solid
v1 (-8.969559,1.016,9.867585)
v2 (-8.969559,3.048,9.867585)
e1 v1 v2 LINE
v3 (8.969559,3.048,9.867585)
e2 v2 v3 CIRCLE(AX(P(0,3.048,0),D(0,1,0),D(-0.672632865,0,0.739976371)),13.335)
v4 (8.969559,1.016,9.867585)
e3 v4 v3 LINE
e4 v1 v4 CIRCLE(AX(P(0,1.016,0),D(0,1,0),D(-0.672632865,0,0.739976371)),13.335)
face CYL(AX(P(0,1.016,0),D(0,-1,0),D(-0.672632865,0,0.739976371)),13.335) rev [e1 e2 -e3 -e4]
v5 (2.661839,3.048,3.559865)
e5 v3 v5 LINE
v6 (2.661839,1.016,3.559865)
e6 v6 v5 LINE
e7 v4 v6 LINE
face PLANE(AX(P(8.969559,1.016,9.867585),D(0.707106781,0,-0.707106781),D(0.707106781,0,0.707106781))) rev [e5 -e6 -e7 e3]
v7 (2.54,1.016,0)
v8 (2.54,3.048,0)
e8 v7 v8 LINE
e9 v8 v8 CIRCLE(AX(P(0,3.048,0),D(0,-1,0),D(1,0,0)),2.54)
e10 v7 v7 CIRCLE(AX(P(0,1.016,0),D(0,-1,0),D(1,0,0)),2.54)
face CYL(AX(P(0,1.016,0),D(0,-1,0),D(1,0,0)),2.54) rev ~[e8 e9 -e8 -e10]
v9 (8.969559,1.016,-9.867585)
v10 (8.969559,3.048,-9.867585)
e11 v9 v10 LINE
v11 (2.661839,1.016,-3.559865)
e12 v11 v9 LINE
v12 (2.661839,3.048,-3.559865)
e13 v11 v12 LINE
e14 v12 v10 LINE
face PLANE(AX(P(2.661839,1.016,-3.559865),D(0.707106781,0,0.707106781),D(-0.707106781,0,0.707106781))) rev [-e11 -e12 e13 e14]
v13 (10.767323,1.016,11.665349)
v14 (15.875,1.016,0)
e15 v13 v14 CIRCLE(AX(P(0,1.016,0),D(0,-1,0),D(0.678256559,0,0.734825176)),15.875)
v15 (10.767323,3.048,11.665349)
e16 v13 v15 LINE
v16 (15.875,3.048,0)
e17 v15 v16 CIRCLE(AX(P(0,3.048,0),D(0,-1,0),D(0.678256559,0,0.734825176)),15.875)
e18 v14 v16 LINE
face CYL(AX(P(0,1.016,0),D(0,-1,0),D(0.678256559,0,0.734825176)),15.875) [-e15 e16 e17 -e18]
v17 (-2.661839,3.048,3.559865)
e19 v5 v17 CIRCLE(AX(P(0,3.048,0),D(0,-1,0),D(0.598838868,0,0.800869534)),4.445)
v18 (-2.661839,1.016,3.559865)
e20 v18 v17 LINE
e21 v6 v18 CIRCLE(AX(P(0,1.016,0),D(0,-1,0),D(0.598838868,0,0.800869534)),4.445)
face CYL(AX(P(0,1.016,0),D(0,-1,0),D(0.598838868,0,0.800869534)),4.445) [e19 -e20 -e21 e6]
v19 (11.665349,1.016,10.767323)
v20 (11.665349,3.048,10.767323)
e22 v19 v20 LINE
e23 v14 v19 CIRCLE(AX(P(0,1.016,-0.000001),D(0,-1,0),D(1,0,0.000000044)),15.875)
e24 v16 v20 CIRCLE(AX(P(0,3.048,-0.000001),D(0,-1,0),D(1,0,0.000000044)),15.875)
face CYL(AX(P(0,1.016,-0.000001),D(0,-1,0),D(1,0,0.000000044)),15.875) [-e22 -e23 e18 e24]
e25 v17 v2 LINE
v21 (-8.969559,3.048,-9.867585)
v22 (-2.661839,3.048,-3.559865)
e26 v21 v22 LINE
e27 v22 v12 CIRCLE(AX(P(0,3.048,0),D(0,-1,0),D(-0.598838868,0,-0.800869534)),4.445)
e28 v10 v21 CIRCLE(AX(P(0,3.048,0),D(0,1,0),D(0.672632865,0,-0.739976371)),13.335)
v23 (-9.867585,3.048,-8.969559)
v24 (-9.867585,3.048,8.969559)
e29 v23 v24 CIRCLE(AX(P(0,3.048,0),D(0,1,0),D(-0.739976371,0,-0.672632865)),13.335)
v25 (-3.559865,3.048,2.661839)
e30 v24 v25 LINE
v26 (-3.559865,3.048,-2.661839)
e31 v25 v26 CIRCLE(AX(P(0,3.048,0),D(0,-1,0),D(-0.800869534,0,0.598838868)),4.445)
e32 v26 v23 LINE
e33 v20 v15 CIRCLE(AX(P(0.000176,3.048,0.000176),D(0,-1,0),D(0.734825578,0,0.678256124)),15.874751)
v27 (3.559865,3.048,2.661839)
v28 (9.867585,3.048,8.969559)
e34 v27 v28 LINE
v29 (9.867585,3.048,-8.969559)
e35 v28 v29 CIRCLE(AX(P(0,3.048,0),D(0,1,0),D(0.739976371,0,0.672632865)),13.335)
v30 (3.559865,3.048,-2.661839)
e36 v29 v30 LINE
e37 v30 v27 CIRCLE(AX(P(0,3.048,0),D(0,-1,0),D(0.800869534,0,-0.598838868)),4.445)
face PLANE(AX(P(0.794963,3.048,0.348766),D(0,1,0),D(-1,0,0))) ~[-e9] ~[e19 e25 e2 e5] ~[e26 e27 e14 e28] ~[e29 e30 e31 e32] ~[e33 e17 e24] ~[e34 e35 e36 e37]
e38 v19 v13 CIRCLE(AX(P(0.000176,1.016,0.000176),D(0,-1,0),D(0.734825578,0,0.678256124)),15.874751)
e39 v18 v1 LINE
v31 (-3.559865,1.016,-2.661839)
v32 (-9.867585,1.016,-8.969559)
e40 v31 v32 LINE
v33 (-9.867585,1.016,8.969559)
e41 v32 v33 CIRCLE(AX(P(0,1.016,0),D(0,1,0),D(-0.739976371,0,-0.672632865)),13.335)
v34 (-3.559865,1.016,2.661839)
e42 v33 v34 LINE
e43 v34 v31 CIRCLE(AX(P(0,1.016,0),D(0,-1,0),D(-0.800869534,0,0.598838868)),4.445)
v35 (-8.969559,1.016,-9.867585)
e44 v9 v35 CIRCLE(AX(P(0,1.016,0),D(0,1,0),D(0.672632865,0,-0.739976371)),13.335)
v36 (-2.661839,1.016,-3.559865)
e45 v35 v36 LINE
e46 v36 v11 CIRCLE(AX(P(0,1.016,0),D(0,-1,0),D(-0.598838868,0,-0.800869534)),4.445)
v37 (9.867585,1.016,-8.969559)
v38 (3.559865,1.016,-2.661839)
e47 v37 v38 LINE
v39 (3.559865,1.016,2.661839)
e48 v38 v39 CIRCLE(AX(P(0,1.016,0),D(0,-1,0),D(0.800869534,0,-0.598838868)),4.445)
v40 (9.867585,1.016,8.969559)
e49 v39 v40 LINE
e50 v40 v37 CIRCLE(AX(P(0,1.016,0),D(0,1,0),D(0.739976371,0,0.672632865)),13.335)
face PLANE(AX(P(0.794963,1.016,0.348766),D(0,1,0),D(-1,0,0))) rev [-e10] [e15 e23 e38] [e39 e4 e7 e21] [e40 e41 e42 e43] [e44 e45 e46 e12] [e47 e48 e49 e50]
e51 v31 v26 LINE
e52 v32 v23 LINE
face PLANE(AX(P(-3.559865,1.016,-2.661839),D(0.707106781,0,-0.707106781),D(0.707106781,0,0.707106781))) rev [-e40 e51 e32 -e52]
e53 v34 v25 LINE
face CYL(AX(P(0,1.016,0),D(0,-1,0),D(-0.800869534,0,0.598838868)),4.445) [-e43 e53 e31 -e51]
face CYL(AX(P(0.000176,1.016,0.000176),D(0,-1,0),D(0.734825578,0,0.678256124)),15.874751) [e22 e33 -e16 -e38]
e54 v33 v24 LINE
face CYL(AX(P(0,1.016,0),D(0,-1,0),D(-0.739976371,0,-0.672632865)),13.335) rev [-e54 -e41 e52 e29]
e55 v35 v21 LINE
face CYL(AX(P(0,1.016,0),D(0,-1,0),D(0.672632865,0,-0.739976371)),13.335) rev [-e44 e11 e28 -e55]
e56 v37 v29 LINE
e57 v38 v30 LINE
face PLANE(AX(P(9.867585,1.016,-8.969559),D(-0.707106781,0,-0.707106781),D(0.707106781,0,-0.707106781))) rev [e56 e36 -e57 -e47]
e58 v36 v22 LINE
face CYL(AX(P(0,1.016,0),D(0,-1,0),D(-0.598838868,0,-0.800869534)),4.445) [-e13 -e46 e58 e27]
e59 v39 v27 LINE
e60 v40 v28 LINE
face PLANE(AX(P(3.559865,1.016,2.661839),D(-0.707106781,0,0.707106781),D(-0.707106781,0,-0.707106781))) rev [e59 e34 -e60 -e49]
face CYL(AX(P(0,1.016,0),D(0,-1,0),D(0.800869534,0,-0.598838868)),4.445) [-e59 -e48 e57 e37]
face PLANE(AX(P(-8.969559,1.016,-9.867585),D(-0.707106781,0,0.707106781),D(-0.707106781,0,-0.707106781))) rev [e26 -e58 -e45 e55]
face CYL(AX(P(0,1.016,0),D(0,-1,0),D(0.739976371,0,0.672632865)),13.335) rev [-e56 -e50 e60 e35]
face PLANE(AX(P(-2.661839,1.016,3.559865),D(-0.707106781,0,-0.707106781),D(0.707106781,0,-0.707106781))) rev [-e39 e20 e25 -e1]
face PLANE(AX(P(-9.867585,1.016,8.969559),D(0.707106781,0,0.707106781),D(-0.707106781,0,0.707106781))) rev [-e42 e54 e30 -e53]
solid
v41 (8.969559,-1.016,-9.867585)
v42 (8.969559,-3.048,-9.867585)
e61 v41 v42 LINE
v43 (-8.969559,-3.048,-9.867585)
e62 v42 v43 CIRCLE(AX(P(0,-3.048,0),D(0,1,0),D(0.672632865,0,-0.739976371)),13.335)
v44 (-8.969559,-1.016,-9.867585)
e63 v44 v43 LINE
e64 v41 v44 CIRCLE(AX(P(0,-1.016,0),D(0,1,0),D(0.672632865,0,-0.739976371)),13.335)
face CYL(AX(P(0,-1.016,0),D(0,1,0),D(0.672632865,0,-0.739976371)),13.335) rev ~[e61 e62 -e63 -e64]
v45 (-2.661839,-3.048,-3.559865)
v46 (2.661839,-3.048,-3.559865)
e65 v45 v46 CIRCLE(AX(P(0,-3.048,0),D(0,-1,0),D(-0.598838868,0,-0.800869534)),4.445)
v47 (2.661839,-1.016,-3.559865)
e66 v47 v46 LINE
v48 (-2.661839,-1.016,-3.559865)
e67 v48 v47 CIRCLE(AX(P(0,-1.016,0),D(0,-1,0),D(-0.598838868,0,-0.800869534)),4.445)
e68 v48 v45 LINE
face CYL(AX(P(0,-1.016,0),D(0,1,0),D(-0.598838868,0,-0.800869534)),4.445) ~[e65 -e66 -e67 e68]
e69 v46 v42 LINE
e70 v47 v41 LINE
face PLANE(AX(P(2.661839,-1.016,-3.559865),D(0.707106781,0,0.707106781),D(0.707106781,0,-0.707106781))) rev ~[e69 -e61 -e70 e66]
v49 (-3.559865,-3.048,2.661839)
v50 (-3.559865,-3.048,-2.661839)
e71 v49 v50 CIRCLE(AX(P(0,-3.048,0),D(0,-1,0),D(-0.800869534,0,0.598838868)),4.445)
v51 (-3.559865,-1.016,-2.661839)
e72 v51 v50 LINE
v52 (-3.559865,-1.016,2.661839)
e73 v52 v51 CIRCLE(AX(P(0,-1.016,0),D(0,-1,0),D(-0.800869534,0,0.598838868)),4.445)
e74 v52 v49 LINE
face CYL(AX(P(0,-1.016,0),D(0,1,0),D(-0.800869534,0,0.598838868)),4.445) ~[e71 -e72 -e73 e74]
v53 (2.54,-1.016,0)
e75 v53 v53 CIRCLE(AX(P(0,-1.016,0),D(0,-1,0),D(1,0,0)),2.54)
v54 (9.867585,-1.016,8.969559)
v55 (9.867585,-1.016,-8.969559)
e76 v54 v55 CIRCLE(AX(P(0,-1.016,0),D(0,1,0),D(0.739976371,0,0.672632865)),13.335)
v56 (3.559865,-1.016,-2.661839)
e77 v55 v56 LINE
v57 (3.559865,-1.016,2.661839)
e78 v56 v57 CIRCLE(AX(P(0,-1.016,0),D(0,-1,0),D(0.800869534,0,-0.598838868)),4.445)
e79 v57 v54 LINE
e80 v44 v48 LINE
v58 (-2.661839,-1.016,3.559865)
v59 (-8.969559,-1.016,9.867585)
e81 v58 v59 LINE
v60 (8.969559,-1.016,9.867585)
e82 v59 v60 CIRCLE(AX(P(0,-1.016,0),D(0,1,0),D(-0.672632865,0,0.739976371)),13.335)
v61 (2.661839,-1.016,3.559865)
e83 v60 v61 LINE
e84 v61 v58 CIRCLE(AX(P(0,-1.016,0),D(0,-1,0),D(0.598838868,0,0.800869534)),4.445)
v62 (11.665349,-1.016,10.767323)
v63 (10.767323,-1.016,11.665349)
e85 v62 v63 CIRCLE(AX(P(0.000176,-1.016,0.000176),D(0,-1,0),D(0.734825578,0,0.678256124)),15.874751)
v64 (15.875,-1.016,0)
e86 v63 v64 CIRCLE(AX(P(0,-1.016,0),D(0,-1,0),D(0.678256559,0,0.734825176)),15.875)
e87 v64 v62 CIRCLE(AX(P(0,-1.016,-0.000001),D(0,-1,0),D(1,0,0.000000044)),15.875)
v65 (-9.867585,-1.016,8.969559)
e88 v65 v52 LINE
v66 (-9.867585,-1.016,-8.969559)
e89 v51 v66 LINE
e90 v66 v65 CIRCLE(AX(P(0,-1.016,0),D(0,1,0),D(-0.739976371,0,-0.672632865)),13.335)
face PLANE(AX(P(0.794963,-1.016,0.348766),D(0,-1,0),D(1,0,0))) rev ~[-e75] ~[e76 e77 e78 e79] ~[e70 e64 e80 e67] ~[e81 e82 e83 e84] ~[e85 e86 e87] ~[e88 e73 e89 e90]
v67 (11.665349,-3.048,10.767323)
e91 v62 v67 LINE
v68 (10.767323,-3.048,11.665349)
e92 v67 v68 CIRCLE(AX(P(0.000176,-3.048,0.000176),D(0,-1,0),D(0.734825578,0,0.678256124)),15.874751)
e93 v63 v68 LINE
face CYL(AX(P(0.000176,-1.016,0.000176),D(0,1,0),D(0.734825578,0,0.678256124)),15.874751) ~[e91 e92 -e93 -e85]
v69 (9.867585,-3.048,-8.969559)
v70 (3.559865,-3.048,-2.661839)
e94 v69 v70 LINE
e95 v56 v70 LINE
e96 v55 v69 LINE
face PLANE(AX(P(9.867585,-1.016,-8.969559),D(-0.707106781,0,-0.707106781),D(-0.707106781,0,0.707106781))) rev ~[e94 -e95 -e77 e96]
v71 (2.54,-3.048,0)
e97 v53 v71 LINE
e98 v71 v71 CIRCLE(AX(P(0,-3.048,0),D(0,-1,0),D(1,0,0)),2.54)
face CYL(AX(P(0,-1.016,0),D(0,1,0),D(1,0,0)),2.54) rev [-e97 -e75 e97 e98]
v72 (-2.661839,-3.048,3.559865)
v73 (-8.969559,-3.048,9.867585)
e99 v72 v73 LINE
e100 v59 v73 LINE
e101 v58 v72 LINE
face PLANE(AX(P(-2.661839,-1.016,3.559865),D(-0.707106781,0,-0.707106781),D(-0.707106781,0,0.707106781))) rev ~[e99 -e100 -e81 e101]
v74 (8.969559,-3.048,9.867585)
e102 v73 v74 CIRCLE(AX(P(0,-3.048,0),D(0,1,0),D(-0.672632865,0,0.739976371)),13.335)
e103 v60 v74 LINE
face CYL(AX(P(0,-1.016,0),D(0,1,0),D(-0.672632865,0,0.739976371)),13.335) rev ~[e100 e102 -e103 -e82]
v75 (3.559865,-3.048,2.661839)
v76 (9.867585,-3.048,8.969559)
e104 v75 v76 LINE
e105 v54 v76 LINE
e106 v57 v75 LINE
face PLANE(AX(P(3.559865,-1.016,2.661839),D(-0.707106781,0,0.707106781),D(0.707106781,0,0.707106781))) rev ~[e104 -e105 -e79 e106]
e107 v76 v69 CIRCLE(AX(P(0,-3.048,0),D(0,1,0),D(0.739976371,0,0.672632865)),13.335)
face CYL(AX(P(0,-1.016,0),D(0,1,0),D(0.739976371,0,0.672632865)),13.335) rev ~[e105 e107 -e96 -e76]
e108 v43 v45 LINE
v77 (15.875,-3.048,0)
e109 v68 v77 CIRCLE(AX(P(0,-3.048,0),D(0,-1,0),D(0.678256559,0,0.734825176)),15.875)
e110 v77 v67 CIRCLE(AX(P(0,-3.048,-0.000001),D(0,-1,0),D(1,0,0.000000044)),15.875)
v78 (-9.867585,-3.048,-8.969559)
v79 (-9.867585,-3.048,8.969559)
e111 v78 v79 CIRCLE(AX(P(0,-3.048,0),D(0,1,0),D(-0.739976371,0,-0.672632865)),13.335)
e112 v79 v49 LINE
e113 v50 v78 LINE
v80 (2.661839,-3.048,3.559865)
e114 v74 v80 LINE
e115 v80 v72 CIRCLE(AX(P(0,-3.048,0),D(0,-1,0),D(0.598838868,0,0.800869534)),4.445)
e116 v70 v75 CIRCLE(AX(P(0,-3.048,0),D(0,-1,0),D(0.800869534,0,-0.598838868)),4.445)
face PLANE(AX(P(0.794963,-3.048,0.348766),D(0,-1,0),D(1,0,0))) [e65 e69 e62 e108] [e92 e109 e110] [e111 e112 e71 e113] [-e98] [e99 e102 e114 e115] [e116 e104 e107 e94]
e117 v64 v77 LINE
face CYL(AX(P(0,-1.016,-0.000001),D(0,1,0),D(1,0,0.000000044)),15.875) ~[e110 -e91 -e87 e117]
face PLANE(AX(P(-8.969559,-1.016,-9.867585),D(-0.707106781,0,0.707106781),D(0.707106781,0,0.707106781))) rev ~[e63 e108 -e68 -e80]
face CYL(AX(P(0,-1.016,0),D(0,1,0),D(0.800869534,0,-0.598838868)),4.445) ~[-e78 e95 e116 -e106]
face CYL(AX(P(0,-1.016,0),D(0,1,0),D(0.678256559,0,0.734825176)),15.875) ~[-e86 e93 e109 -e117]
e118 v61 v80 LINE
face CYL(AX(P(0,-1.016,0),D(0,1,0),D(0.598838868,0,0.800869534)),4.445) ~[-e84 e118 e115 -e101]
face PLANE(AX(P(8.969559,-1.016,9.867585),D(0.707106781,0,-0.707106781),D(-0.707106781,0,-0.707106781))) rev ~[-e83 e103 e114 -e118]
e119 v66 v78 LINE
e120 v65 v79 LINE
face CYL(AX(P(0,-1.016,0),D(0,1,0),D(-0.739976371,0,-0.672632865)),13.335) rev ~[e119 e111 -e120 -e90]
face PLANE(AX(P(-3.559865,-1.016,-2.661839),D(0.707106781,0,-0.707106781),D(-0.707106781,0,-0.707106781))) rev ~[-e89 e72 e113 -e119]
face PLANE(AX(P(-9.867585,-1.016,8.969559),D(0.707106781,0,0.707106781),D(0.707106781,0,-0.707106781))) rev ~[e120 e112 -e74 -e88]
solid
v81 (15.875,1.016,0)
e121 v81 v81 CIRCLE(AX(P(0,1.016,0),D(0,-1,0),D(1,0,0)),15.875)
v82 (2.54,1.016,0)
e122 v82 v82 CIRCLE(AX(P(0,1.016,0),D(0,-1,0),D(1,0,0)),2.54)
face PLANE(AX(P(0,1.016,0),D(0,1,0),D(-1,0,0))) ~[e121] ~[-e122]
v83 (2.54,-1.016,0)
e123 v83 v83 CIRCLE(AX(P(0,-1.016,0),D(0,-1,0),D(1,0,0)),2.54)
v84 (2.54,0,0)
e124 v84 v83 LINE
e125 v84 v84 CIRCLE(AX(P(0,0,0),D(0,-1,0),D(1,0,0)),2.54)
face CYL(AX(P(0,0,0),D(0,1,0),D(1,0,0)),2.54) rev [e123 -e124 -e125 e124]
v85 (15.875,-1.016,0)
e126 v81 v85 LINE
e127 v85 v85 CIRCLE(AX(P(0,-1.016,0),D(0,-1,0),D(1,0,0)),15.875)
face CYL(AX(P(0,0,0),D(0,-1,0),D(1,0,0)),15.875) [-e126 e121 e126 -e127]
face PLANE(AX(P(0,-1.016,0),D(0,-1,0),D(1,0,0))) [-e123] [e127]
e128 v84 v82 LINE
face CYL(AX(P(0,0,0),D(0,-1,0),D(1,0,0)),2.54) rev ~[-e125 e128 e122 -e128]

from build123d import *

# Parameters (mm, degrees)
F0_R     = 15.875
F0_R_2   = 2.54
F1_DEPTH = 1.016
F2_R     = 2.54
F3_DEPTH = 2.032


with BuildPart() as f1:
    # F0 (on Front) → F1 (new body)
    with BuildSketch(Plane.XZ):
        Circle(F0_R)
        Circle(F0_R_2, mode=Mode.SUBTRACT)
    extrude(amount=F1_DEPTH)

    # F4: F1 across plane


with BuildPart() as f3:
    # F2 (on face) → F3 (new body)
    with BuildSketch(Plane.XZ.offset(1.016)):
        with BuildLine():
            ThreePointArc((15.875, 0), (14.785179, 5.780493), (11.665349, 10.767323))
            ThreePointArc((11.665349, 10.767323), (11.22532, 11.22532), (10.767323, 11.665349))
            ThreePointArc((10.767323, 11.665349), (-14.542126, -6.367274), (15.875, 0))
        make_face()
        with BuildLine():
            Line((-8.969559, -9.867585), (-2.661839, -3.559865))
            ThreePointArc((-2.661839, -3.559865), (0, -4.445), (2.661839, -3.559865))
            Line((2.661839, -3.559865), (8.969559, -9.867585))
            ThreePointArc((8.969559, -9.867585), (0, -13.335), (-8.969559, -9.867585))
        make_face(mode=Mode.SUBTRACT)
        with BuildLine():
            Line((-9.867585, 8.969559), (-3.559865, 2.661839))
            ThreePointArc((-3.559865, 2.661839), (-4.445, 0), (-3.559865, -2.661839))
            Line((-3.559865, -2.661839), (-9.867585, -8.969559))
            ThreePointArc((-9.867585, -8.969559), (-13.335, 0), (-9.867585, 8.969559))
        make_face(mode=Mode.SUBTRACT)
        Circle(F2_R, mode=Mode.SUBTRACT)
        with BuildLine():
            ThreePointArc((3.559865, -2.661839), (4.445, 0), (3.559865, 2.661839))
            Line((3.559865, 2.661839), (9.867585, 8.969559))
            ThreePointArc((9.867585, 8.969559), (13.335, 0), (9.867585, -8.969559))
            Line((9.867585, -8.969559), (3.559865, -2.661839))
        make_face(mode=Mode.SUBTRACT)
        with BuildLine():
            Line((8.969559, 9.867585), (2.661839, 3.559865))
            ThreePointArc((2.661839, 3.559865), (0, 4.445), (-2.661839, 3.559865))
            Line((-2.661839, 3.559865), (-8.969559, 9.867585))
            ThreePointArc((-8.969559, 9.867585), (0, 13.335), (8.969559, 9.867585))
        make_face(mode=Mode.SUBTRACT)
    extrude(amount=F3_DEPTH)


with BuildPart() as f1_1:
    add(f1.part)
    add(f1.part.mirror(Plane.XZ))


with BuildPart() as f5_1:
    # F5: instance of F3
    add(f3.part.mirror(Plane.XZ))


solid = Compound([f3.part, f1_1.part, f5_1.part])
